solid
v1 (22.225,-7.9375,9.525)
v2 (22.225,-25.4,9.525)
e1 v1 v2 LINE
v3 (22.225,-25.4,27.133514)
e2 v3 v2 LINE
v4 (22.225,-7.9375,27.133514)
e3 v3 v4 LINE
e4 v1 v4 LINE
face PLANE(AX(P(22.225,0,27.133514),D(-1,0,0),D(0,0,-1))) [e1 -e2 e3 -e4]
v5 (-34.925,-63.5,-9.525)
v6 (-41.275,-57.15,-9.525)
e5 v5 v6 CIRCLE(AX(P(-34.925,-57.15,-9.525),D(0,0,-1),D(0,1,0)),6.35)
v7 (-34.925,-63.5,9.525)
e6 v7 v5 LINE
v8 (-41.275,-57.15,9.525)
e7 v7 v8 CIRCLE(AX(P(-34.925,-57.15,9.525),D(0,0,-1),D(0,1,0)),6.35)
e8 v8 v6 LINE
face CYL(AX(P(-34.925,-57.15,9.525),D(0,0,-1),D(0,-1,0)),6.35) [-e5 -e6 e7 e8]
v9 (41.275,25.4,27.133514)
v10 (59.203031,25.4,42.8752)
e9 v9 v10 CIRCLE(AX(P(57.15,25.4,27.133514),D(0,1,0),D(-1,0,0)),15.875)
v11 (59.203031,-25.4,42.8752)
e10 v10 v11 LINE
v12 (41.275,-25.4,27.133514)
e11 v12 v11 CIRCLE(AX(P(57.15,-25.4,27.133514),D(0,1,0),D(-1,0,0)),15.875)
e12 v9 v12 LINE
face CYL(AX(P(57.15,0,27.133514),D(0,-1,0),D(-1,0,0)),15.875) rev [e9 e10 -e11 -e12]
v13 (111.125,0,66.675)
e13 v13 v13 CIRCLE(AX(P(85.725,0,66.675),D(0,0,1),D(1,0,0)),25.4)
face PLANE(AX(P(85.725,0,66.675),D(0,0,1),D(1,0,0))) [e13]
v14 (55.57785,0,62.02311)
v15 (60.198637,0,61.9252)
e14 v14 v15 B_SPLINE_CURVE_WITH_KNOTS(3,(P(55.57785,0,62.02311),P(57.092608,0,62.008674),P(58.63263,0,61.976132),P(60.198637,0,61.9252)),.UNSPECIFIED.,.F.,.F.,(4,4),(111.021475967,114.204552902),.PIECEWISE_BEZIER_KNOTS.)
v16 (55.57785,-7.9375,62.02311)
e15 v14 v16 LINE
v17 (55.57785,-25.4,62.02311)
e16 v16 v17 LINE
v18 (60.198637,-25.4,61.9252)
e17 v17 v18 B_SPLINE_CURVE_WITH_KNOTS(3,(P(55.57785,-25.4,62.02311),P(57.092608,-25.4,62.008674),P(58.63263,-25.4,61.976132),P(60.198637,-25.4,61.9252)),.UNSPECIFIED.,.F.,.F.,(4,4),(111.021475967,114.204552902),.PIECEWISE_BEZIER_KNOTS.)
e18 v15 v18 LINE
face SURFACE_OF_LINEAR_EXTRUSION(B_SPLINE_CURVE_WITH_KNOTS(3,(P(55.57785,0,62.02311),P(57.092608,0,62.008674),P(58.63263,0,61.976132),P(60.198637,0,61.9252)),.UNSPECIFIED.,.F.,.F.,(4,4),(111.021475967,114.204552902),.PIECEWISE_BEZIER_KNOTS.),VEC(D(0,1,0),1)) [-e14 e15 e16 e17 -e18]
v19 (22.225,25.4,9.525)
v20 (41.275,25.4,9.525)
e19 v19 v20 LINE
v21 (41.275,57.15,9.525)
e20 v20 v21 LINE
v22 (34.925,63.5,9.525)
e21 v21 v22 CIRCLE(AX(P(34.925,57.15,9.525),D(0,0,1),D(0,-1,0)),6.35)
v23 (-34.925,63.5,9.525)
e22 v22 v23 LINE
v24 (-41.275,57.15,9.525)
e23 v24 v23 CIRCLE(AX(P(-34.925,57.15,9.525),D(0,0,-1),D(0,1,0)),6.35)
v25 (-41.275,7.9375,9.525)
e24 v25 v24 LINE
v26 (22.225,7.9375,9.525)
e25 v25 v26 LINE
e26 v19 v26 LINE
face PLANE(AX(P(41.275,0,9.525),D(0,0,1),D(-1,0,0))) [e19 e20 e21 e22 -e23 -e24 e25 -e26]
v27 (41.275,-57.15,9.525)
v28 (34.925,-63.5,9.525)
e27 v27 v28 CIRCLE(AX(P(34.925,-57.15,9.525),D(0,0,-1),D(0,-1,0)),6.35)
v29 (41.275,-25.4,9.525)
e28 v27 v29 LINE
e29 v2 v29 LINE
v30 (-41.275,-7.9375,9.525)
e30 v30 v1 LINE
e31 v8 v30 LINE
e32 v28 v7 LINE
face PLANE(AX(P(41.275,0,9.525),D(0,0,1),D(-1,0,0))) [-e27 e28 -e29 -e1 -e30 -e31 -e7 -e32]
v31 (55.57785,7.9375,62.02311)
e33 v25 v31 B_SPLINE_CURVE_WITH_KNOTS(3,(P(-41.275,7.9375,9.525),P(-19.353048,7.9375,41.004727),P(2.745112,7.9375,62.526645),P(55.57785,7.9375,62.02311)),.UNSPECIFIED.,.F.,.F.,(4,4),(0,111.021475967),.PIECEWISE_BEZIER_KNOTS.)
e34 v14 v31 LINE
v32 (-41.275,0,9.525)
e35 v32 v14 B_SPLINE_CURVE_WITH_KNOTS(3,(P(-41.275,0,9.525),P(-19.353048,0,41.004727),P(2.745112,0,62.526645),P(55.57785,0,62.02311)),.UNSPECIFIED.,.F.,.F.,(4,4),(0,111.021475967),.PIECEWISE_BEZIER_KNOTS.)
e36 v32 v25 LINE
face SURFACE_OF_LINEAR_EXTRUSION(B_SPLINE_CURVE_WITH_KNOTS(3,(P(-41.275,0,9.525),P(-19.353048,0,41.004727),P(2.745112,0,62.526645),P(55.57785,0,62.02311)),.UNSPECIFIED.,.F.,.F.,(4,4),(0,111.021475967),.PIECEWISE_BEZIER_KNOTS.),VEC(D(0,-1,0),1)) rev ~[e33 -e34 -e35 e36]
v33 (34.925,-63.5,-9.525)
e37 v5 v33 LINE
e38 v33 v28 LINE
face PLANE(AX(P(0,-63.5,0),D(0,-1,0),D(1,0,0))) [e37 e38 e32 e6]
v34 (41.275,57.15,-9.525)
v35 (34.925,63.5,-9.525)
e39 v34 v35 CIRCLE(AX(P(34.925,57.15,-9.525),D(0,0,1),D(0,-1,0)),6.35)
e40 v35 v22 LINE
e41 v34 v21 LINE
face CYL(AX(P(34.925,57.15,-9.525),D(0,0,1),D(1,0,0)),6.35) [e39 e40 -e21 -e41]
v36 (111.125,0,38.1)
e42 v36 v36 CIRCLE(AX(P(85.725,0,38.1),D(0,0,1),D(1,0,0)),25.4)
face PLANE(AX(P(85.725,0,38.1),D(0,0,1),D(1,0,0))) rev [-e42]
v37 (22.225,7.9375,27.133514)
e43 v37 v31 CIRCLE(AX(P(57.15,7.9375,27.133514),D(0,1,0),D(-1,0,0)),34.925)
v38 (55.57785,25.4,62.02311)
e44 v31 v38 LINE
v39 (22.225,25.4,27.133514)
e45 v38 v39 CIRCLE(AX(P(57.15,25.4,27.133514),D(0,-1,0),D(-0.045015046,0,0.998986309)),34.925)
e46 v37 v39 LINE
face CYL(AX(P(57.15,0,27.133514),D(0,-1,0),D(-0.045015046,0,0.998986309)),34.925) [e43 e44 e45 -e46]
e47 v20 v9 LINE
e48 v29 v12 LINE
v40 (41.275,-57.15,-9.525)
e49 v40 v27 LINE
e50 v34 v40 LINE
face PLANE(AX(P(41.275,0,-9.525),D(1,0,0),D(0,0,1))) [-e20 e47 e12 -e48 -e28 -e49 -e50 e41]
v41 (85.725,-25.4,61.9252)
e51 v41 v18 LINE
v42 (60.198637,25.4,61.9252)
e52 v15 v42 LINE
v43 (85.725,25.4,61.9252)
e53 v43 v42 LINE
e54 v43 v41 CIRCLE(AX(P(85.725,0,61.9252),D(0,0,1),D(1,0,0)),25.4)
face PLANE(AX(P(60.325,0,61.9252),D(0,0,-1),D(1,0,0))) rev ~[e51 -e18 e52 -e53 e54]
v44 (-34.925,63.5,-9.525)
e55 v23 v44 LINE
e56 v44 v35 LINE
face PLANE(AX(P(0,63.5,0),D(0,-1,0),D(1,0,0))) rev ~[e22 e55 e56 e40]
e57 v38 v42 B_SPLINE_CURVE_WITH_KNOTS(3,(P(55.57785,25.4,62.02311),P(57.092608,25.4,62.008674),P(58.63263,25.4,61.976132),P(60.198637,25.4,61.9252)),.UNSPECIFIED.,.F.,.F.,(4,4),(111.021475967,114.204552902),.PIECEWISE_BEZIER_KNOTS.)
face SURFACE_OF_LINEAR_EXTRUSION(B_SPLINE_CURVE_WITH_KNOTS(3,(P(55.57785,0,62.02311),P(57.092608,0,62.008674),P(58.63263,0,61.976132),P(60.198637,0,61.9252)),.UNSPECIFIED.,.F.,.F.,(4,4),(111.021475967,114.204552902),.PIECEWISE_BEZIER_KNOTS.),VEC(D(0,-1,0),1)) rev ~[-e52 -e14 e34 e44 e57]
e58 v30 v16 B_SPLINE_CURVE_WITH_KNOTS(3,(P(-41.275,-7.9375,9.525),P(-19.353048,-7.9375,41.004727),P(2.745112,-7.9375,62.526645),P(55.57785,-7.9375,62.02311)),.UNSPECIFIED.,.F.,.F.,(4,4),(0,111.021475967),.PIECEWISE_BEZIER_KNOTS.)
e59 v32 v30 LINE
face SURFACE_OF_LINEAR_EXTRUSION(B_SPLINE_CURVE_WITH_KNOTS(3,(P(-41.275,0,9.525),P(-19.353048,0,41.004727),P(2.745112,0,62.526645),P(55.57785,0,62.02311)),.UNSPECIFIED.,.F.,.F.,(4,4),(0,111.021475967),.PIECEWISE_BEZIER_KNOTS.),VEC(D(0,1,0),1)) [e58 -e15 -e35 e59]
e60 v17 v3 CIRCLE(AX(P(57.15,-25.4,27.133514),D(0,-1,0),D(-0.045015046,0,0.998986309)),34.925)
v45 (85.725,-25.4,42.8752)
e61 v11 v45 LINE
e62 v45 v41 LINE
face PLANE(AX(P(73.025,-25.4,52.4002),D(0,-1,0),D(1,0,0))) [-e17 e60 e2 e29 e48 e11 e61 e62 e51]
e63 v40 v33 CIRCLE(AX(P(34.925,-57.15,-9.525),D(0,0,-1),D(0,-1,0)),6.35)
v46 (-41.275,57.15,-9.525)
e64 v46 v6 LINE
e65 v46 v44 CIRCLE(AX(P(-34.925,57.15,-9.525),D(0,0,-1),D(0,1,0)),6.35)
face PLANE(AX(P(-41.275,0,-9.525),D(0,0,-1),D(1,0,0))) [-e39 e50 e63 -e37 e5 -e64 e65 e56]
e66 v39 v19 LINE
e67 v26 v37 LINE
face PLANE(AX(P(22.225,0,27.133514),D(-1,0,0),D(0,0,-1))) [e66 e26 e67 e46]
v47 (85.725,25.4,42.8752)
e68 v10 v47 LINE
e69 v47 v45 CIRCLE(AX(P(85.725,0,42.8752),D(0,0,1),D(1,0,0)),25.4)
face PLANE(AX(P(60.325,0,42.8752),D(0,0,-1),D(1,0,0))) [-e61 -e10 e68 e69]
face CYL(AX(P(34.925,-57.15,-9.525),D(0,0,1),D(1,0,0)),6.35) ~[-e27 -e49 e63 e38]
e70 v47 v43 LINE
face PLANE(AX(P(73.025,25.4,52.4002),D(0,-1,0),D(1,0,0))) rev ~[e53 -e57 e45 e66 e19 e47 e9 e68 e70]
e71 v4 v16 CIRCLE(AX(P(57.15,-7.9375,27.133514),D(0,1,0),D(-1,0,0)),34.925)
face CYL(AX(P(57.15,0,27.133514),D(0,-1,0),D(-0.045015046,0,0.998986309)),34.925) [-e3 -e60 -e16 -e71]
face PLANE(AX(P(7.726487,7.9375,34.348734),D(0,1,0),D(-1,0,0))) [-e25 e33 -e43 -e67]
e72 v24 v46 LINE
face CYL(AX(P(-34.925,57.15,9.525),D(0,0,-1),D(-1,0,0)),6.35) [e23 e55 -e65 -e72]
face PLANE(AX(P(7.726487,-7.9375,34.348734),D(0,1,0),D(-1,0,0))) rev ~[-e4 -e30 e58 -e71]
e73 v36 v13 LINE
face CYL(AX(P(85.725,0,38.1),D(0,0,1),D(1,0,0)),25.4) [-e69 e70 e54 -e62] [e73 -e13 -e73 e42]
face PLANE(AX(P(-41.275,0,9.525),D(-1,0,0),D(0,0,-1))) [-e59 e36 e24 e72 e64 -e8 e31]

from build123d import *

# Parameters (mm, degrees)
F1_DEPTH = 63.5
F2_DEPTH = 25.4
F3_DEPTH = 7.9375
F0_W     = 25.4
F0_H     = 19.05
F4_DEPTH = 25.4
F6_R     = 6.35


with BuildPart() as f1:
    # F0 (on Front) → F1 (new body, symmetric)
    with BuildSketch(Plane.XZ):
        Polygon((22.225, 9.525), (-41.275, 9.525), (-41.275, -9.525), (41.275, -9.525), (41.275, 9.525), align=None)
    extrude(amount=F1_DEPTH, both=True)

    # F0 (on Front) → F2 (join, symmetric)
    with BuildSketch(Plane.XZ):
        with BuildLine():
            Line((22.225, 27.1335136465), (22.225, 9.525))
            Line((22.225, 9.525), (41.275, 9.525))
            Line((41.275, 9.525), (41.275, 27.1335136465))
            ThreePointArc((41.275, 27.1335136465), (46.6756561073, 39.0626269839), (59.2030308685, 42.8752))
            Line((59.2030308685, 42.8752), (60.325, 42.8752))
            Line((60.325, 42.8752), (60.325, 61.9252))
            Line((60.325, 61.9252), (60.1986366915, 61.9252))
            add(Edge.make_bspline(
                [(55.5778495322, 62.02311049), (57.0926075375, 62.0086737376), (58.6326298587, 61.9761317105), (60.1986366915, 61.9252)],
                knots=[111.0214759669, 111.0214759669, 111.0214759669, 111.0214759669, 114.2045529016, 114.2045529016, 114.2045529016, 114.2045529016], degree=3))
            ThreePointArc((55.5778495322, 62.02311049), (31.904574869, 51.2669786889), (22.225, 27.1335136465))
        make_face()
    extrude(amount=F2_DEPTH, both=True)

    # F0 (on Front) → F3 (join, symmetric)
    with BuildSketch(Plane.XZ):
        with BuildLine():
            add(Edge.make_bspline(
                [(-41.275, 9.525), (-19.3530475972, 41.0047273115), (2.745111609, 62.5266451514), (55.5778495322, 62.02311049)],
                knots=[0, 0, 0, 0, 111.0214759669, 111.0214759669, 111.0214759669, 111.0214759669], degree=3))
            Line((-41.275, 9.525), (22.225, 9.525))
            Line((22.225, 9.525), (22.225, 27.1335136465))
            ThreePointArc((22.225, 27.1335136465), (31.904574869, 51.2669786889), (55.5778495322, 62.02311049))
        make_face()
    extrude(amount=F3_DEPTH, both=True)

    # F0 (on Front) → F4 (join, symmetric)
    with BuildSketch(Plane.XZ):
        with Locations((73.025, 52.4002)):
            Rectangle(F0_W, F0_H)
    extrude(amount=F4_DEPTH, both=True)

    # F0 (on Front) → F5 (revolve)
    with BuildSketch(Plane.XZ):
        Polygon((85.725, 66.675), (85.725, 61.9252), (85.725, 42.8752), (85.725, 38.1), (111.125, 38.1), (111.125, 66.675), align=None)
    revolve(axis=Axis((85.725, 0, 52.3875), (0, 0, 1)))

    # F6
    f6_edges = [f1.edges().sort_by_distance(p)[0] for p in [
        (-41.275, -63.5, 0),
        (41.275, -63.5, 0),
        (-41.275, 63.5, 0),
        (41.275, 63.5, 0),
    ]]
    fillet(f6_edges, radius=F6_R)


solid = f1.part
